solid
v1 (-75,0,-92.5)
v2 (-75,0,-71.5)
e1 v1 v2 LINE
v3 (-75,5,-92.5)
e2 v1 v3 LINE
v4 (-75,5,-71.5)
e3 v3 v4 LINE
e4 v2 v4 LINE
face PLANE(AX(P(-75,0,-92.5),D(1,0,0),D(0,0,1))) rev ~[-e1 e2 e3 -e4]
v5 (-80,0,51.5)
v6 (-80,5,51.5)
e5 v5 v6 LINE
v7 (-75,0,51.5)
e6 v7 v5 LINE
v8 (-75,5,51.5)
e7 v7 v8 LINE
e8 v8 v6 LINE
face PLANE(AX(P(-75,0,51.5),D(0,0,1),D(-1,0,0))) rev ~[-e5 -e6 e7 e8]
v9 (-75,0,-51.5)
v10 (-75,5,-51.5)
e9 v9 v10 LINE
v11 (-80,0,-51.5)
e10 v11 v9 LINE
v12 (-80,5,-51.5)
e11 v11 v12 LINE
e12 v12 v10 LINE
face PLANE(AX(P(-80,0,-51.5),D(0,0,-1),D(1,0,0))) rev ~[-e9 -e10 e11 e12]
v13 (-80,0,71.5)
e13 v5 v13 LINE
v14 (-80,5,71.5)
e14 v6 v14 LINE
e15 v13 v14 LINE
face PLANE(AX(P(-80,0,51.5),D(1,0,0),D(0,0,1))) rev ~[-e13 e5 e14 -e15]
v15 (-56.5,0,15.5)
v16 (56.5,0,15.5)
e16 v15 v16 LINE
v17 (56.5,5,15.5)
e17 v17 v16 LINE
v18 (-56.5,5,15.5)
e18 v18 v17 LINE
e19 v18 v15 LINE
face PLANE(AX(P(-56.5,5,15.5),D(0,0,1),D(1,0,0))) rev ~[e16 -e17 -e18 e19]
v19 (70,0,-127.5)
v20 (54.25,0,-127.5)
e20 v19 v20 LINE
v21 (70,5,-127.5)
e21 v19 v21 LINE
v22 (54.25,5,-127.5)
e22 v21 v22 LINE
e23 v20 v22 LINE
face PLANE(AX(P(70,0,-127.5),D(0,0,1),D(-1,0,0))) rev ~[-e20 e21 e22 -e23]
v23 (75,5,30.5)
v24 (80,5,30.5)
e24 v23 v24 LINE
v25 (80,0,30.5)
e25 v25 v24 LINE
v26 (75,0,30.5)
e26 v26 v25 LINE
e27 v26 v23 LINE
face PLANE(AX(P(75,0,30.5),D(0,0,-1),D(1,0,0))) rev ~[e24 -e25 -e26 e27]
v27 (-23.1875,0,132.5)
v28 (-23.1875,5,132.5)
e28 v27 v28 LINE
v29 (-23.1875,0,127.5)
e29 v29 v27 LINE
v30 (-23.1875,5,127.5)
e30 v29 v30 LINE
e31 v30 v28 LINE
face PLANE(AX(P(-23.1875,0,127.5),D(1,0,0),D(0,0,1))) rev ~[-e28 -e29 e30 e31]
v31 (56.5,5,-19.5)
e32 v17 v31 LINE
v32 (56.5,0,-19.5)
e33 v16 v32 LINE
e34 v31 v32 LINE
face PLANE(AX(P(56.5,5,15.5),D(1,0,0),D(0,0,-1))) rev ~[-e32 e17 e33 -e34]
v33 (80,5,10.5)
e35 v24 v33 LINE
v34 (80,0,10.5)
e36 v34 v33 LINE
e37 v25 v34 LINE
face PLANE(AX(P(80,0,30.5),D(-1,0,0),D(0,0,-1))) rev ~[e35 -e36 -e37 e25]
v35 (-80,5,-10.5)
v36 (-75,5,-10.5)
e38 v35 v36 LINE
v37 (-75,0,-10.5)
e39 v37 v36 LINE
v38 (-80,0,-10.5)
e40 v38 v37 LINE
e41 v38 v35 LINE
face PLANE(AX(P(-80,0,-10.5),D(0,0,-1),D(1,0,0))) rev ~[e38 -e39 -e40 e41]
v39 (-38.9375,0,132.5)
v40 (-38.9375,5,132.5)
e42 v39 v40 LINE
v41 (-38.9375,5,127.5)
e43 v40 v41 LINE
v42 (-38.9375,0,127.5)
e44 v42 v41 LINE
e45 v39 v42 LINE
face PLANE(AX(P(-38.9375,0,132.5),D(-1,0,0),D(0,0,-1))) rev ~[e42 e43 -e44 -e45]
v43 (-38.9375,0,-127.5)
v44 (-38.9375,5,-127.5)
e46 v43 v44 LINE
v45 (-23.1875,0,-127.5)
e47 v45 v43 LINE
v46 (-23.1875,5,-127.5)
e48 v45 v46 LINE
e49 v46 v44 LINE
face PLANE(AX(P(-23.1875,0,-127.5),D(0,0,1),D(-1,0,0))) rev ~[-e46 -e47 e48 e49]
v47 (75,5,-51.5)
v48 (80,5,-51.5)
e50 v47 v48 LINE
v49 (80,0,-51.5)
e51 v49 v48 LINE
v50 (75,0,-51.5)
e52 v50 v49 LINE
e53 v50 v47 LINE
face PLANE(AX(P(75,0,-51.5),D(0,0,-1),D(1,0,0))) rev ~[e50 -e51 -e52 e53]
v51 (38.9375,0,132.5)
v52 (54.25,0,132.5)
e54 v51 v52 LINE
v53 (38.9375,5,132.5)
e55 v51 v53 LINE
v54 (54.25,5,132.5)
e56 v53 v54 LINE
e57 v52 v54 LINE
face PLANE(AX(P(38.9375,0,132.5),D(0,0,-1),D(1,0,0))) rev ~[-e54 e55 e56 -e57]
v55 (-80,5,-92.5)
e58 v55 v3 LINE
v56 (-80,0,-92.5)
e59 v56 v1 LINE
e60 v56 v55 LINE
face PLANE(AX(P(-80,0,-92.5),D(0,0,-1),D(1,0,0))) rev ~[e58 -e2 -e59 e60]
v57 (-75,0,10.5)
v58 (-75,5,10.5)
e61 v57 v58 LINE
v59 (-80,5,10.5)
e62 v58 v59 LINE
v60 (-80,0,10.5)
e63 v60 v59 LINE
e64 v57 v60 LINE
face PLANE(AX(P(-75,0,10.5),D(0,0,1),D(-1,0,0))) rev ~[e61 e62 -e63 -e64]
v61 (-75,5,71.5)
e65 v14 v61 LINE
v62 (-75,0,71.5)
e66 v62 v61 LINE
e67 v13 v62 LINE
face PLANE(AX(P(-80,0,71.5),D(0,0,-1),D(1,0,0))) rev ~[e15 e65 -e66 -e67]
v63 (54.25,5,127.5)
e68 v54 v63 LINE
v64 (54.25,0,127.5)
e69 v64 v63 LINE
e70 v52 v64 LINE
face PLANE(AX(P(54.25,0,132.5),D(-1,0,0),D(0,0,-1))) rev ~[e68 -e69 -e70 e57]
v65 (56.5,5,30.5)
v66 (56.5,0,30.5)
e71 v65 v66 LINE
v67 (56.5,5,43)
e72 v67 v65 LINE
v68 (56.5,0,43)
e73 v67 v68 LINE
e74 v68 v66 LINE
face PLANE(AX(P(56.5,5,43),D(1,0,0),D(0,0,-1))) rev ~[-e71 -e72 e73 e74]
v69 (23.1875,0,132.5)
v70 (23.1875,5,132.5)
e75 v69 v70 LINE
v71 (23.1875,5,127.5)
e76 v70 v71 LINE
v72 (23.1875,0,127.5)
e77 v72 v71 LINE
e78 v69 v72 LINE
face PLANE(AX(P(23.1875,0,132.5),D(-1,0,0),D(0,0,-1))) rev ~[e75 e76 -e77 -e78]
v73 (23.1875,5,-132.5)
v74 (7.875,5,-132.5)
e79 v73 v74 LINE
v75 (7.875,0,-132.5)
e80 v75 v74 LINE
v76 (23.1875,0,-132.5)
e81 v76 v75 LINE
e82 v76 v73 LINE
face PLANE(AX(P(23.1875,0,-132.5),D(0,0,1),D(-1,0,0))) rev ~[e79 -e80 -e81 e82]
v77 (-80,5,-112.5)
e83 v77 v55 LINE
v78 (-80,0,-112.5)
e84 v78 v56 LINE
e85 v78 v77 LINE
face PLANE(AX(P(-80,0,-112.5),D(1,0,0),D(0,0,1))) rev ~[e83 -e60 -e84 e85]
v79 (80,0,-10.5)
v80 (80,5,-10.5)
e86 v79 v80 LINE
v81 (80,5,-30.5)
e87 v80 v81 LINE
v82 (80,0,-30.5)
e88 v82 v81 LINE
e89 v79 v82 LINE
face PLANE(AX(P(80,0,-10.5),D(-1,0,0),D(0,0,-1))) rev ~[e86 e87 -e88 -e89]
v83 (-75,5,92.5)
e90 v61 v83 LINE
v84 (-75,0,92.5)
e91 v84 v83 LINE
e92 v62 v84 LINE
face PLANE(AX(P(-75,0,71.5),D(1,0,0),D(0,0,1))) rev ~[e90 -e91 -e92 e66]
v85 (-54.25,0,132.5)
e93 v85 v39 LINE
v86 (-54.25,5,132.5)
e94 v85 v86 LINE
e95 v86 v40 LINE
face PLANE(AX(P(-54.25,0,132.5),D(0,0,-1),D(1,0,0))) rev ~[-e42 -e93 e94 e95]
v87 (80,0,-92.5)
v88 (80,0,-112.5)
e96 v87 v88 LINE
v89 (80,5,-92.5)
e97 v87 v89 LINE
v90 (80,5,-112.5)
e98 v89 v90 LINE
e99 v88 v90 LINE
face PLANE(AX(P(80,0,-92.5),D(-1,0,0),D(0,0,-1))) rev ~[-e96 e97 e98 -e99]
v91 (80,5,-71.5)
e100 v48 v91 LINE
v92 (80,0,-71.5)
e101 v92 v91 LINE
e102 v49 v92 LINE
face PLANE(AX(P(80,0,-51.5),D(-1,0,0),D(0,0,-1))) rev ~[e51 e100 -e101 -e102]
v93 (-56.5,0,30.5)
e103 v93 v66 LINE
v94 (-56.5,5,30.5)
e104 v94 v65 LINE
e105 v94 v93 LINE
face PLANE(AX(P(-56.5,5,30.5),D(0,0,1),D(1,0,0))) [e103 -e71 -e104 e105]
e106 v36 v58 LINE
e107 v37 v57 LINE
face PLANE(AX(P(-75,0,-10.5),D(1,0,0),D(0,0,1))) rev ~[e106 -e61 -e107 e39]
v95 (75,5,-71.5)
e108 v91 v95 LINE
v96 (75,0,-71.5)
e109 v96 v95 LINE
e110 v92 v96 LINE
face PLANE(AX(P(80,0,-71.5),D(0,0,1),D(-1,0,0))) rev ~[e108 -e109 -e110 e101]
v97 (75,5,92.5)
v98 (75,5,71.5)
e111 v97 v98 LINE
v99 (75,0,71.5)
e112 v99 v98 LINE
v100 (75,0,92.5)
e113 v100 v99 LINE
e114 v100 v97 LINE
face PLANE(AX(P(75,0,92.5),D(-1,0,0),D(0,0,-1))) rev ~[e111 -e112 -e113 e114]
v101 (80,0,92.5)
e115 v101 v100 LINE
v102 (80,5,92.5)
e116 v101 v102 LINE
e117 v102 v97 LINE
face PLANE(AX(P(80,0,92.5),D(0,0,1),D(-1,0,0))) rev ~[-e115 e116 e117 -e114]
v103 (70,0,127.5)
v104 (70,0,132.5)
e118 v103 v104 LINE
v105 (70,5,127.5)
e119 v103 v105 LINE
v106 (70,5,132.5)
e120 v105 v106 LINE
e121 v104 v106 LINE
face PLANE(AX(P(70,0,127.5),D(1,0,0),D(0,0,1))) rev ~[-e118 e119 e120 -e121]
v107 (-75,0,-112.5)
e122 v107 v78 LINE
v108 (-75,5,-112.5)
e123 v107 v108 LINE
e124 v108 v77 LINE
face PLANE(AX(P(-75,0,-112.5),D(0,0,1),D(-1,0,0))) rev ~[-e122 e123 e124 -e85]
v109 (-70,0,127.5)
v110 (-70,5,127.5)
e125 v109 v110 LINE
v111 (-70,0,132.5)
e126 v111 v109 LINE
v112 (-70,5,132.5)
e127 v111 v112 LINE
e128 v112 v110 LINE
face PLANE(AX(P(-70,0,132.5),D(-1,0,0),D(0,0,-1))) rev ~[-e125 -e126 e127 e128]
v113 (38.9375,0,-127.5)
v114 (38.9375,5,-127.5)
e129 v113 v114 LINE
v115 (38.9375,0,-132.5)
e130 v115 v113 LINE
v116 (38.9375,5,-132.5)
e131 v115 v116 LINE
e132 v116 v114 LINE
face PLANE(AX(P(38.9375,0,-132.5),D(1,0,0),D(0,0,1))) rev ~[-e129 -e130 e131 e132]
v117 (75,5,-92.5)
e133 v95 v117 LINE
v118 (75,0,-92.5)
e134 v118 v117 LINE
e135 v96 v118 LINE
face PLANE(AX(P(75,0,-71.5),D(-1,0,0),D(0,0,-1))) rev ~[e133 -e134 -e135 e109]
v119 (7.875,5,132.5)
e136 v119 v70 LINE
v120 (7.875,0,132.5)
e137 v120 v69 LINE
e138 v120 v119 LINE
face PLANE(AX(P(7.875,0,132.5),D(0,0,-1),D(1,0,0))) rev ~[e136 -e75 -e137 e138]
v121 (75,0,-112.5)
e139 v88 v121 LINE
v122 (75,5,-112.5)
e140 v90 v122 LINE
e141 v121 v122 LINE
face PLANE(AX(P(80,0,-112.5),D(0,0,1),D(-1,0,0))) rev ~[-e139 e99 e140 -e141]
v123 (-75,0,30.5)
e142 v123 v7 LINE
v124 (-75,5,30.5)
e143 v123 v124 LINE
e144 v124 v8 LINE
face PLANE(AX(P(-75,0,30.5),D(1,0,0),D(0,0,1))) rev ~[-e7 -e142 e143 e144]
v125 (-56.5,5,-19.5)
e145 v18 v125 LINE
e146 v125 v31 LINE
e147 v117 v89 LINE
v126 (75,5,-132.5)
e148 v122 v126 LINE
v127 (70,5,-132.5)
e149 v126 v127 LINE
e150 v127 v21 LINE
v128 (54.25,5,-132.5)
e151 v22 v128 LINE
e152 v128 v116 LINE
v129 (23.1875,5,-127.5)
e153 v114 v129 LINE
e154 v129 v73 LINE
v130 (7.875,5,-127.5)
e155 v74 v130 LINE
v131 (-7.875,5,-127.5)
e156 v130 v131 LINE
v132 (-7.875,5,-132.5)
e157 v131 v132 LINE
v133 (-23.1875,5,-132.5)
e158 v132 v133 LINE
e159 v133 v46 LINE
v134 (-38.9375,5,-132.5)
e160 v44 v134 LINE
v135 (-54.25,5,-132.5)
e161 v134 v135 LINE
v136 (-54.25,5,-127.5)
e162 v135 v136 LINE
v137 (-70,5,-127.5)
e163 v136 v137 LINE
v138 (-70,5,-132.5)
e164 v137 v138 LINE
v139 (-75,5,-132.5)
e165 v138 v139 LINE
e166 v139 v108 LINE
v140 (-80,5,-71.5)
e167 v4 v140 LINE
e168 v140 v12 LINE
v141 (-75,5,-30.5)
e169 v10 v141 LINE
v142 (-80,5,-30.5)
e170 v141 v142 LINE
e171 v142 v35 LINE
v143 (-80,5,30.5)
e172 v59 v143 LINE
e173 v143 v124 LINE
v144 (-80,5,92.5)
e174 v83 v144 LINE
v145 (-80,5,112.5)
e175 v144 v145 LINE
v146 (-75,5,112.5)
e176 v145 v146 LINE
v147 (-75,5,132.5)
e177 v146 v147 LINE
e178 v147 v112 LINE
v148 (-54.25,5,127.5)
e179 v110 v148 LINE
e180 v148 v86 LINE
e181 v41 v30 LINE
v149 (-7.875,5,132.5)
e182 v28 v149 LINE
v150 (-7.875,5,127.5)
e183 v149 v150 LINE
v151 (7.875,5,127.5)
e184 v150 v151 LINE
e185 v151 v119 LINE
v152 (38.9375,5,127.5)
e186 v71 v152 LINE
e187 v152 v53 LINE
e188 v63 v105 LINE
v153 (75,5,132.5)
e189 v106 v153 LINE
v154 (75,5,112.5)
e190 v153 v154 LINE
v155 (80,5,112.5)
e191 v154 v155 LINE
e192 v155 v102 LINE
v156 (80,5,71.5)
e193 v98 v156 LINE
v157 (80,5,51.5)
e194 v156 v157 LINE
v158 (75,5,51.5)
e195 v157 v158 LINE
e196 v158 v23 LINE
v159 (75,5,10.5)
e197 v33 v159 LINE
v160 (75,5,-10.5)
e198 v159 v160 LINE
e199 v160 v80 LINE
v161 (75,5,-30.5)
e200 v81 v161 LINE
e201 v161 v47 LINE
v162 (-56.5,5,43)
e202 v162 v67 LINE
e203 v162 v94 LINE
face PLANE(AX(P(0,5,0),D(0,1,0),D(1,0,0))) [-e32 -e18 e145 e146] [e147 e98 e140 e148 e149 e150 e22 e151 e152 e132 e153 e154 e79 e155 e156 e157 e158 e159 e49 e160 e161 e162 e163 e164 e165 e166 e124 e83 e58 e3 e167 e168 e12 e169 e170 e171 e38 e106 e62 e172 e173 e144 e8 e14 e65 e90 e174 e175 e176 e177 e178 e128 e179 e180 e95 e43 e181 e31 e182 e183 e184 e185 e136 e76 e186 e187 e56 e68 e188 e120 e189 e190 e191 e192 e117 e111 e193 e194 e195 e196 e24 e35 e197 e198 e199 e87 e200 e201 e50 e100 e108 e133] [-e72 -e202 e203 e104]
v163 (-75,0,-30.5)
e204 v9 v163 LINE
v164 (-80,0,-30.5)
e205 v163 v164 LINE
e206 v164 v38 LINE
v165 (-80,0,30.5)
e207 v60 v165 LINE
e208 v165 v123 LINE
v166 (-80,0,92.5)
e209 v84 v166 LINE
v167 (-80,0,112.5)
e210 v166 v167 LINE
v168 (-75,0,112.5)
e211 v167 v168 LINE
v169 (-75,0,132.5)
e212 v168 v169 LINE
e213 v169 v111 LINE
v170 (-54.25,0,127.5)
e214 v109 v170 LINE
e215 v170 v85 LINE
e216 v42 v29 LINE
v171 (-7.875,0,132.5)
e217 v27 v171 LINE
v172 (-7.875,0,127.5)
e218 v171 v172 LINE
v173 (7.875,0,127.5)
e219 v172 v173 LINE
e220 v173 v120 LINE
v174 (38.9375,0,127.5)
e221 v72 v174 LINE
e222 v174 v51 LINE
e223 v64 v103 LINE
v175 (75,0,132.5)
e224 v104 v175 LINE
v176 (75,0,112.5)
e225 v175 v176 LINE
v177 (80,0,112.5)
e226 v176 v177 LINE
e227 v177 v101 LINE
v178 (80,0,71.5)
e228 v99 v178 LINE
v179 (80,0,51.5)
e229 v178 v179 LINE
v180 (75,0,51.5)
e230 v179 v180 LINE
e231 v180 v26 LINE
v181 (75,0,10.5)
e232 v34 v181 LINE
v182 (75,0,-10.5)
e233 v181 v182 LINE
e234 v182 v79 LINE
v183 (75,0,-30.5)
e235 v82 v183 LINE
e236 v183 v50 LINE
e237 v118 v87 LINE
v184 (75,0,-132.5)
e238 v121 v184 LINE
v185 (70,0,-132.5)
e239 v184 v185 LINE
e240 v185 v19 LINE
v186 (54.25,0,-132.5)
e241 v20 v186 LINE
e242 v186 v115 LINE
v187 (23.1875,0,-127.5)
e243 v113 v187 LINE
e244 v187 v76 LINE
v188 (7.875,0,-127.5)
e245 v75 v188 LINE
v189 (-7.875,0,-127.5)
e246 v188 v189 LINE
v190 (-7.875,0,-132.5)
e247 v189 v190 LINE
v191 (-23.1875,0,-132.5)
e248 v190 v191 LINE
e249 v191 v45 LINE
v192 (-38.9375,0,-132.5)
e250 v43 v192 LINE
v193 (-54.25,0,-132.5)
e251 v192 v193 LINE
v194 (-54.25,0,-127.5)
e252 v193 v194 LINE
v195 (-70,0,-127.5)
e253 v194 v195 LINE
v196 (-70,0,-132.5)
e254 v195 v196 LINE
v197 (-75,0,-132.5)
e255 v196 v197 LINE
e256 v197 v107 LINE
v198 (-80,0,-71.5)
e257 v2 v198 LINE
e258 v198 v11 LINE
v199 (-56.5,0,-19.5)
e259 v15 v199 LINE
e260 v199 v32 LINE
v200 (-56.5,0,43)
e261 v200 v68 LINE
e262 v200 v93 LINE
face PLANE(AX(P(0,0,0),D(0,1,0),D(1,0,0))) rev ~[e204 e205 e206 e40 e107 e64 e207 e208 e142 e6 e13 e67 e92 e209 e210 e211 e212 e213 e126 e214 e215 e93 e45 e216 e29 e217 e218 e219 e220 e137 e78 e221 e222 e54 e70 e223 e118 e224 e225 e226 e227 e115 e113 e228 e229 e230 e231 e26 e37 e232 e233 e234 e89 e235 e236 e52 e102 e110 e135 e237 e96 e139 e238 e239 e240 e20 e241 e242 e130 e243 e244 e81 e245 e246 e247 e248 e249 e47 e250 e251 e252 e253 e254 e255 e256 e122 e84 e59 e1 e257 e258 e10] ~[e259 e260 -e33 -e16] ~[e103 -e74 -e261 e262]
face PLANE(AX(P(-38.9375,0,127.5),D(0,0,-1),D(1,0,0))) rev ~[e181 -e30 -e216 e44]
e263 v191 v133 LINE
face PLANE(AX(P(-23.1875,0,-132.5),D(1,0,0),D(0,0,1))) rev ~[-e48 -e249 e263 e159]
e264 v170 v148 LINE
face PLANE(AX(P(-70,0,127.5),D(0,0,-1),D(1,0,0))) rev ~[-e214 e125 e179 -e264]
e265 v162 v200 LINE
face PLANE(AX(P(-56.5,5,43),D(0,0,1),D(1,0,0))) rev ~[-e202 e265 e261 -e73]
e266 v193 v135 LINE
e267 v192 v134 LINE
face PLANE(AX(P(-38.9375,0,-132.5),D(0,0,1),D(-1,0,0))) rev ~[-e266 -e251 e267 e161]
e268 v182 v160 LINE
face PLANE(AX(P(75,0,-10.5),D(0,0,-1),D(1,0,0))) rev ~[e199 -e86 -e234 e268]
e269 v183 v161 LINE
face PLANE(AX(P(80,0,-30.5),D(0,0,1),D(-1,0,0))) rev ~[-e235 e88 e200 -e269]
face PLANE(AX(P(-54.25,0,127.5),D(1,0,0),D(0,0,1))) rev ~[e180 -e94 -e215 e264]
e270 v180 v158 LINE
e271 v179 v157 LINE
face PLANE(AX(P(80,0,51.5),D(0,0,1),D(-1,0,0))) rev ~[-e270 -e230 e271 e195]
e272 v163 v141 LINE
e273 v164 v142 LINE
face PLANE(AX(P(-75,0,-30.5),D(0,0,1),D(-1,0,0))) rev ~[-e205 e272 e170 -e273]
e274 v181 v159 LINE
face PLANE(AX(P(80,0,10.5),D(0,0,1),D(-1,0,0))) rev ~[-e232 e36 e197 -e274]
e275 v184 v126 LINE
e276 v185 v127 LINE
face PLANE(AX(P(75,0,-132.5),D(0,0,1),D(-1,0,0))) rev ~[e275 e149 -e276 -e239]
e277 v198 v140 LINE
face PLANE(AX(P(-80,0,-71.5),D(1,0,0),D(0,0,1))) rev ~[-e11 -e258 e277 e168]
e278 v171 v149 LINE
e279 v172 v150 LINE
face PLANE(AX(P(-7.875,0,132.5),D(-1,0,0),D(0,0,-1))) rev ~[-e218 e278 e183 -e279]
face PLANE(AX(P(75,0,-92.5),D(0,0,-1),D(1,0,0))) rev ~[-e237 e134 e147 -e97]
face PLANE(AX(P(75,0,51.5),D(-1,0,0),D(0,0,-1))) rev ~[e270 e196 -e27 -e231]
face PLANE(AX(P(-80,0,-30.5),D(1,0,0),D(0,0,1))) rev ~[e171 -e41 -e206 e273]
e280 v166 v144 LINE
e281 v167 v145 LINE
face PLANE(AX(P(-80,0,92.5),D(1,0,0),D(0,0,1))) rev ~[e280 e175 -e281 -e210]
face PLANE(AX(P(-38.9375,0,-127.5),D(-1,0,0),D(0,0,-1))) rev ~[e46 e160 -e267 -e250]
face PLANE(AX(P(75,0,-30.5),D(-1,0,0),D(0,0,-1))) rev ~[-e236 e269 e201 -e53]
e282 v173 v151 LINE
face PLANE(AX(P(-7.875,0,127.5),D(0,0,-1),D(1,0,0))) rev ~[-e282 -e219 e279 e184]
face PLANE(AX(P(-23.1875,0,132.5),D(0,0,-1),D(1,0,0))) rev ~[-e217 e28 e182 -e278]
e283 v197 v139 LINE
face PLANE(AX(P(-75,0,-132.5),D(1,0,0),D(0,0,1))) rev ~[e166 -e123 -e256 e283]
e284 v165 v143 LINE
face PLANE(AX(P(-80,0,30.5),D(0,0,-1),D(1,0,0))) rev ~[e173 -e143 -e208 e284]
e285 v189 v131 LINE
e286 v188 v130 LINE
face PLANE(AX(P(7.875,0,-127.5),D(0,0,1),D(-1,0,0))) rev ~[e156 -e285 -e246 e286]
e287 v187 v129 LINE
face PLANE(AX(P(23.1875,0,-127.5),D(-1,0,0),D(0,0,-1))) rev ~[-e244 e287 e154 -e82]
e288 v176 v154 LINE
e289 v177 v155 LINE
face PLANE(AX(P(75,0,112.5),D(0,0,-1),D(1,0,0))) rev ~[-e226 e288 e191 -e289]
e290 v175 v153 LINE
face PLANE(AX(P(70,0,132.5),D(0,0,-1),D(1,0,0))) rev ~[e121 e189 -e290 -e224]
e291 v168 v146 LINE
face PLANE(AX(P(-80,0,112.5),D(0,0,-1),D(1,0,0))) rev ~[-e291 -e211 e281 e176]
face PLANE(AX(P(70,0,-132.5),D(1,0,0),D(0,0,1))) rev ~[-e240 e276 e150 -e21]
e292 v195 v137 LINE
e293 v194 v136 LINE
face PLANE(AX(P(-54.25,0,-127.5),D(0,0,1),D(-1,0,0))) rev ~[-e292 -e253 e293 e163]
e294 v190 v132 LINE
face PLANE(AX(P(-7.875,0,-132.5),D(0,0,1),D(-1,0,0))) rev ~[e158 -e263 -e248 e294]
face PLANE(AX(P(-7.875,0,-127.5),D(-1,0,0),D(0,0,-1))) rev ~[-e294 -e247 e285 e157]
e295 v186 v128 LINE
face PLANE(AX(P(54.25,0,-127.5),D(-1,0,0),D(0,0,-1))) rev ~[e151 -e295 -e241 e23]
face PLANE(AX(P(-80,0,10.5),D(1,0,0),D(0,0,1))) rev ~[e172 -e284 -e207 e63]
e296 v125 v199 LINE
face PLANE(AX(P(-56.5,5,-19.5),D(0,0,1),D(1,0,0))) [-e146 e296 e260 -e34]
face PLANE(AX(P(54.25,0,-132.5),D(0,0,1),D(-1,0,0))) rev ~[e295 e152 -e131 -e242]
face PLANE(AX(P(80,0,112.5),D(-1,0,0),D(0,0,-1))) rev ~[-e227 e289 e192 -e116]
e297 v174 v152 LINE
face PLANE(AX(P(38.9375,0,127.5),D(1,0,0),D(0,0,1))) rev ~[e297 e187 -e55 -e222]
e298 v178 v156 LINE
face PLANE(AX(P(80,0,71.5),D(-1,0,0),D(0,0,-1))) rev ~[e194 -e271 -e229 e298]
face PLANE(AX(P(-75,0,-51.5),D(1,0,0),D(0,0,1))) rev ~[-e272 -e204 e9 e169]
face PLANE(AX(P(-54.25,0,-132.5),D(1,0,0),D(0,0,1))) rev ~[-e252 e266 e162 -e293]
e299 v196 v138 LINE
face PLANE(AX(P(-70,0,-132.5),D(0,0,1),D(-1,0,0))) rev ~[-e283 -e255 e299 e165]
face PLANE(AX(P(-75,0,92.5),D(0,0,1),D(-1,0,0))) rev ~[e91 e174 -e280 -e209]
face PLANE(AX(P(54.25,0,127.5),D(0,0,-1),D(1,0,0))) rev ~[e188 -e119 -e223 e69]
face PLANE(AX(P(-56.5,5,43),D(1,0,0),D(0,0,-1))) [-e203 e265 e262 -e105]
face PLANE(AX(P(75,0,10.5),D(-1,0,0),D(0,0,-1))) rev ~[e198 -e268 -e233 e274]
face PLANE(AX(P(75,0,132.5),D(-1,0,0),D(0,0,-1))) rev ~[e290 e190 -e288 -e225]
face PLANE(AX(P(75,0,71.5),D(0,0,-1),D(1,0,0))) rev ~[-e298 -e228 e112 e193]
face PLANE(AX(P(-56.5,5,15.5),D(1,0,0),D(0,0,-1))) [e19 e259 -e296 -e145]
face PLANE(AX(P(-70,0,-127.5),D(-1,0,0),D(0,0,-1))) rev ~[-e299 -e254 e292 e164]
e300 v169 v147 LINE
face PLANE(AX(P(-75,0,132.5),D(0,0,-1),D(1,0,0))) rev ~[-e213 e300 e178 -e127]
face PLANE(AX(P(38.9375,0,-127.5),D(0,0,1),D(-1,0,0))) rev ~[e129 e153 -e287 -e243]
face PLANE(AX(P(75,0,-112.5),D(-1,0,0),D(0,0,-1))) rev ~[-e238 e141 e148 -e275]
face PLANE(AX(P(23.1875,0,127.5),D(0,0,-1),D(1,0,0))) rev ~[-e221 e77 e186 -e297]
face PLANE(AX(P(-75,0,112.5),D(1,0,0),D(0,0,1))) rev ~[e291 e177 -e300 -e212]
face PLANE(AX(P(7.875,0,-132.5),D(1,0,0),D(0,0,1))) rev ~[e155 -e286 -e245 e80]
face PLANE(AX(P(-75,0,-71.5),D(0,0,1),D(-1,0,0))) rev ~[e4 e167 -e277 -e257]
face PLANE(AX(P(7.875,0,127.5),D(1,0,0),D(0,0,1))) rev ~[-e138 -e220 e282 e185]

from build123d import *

# Parameters (mm, degrees)
BOSS_EXTRUDE1_DEPTH = 5
SKETCH2_W           = 113
SKETCH2_H           = 35
SKETCH2_H_2         = 12.5
CUT_EXTRUDE1_DEPTH  = 10


with BuildPart() as part:
    # Sketch1 → Boss-Extrude1 (new body)
    with BuildSketch(Plane(origin=(0, 0, 0), x_dir=(1, 0, 0), z_dir=(0, 1, 0))):
        Polygon((-80, 71.5), (-80, 51.5), (-75, 51.5), (-75, 30.5), (-80, 30.5), (-80, 10.5), (-75, 10.5), (-75, -10.5), (-80, -10.5), (-80, -30.5), (-75, -30.5), (-75, -51.5), (-80, -51.5), (-80, -71.5), (-75, -71.5), (-75, -92.5), (-80, -92.5), (-80, -112.5), (-75, -112.5), (-75, -132.5), (-70, -132.5), (-70, -127.5), (-54.25, -127.5), (-54.25, -132.5), (-38.9375, -132.5), (-38.9375, -127.5), (-23.1875, -127.5), (-23.1875, -132.5), (-7.875, -132.5), (-7.875, -127.5), (7.875, -127.5), (7.875, -132.5), (23.1875, -132.5), (23.1875, -127.5), (38.9375, -127.5), (38.9375, -132.5), (54.25, -132.5), (54.25, -127.5), (70, -127.5), (70, -132.5), (75, -132.5), (75, -112.5), (80, -112.5), (80, -92.5), (75, -92.5), (75, -71.5), (80, -71.5), (80, -51.5), (75, -51.5), (75, -30.5), (80, -30.5), (80, -10.5), (75, -10.5), (75, 10.5), (80, 10.5), (80, 30.5), (75, 30.5), (75, 51.5), (80, 51.5), (80, 71.5), (75, 71.5), (75, 92.5), (80, 92.5), (80, 112.5), (75, 112.5), (75, 132.5), (70, 132.5), (70, 127.5), (54.25, 127.5), (54.25, 132.5), (38.9375, 132.5), (38.9375, 127.5), (23.1875, 127.5), (23.1875, 132.5), (7.875, 132.5), (7.875, 127.5), (-7.875, 127.5), (-7.875, 132.5), (-23.1875, 132.5), (-23.1875, 127.5), (-38.9375, 127.5), (-38.9375, 132.5), (-54.25, 132.5), (-54.25, 127.5), (-70, 127.5), (-70, 132.5), (-75, 132.5), (-75, 112.5), (-80, 112.5), (-80, 92.5), (-75, 92.5), (-75, 71.5), align=None)
    extrude(amount=BOSS_EXTRUDE1_DEPTH)

    # Sketch2 → Cut-Extrude1 (cut)
    with BuildSketch(Plane(origin=(0, 5, 0), x_dir=(1, 0, 0), z_dir=(0, 1, 0))):
        with Locations((0, 2)):
            Rectangle(SKETCH2_W, SKETCH2_H)
        with Locations((0, -36.75)):
            Rectangle(SKETCH2_W, SKETCH2_H_2)
    extrude(amount=-CUT_EXTRUDE1_DEPTH, mode=Mode.SUBTRACT)


solid = part.part
